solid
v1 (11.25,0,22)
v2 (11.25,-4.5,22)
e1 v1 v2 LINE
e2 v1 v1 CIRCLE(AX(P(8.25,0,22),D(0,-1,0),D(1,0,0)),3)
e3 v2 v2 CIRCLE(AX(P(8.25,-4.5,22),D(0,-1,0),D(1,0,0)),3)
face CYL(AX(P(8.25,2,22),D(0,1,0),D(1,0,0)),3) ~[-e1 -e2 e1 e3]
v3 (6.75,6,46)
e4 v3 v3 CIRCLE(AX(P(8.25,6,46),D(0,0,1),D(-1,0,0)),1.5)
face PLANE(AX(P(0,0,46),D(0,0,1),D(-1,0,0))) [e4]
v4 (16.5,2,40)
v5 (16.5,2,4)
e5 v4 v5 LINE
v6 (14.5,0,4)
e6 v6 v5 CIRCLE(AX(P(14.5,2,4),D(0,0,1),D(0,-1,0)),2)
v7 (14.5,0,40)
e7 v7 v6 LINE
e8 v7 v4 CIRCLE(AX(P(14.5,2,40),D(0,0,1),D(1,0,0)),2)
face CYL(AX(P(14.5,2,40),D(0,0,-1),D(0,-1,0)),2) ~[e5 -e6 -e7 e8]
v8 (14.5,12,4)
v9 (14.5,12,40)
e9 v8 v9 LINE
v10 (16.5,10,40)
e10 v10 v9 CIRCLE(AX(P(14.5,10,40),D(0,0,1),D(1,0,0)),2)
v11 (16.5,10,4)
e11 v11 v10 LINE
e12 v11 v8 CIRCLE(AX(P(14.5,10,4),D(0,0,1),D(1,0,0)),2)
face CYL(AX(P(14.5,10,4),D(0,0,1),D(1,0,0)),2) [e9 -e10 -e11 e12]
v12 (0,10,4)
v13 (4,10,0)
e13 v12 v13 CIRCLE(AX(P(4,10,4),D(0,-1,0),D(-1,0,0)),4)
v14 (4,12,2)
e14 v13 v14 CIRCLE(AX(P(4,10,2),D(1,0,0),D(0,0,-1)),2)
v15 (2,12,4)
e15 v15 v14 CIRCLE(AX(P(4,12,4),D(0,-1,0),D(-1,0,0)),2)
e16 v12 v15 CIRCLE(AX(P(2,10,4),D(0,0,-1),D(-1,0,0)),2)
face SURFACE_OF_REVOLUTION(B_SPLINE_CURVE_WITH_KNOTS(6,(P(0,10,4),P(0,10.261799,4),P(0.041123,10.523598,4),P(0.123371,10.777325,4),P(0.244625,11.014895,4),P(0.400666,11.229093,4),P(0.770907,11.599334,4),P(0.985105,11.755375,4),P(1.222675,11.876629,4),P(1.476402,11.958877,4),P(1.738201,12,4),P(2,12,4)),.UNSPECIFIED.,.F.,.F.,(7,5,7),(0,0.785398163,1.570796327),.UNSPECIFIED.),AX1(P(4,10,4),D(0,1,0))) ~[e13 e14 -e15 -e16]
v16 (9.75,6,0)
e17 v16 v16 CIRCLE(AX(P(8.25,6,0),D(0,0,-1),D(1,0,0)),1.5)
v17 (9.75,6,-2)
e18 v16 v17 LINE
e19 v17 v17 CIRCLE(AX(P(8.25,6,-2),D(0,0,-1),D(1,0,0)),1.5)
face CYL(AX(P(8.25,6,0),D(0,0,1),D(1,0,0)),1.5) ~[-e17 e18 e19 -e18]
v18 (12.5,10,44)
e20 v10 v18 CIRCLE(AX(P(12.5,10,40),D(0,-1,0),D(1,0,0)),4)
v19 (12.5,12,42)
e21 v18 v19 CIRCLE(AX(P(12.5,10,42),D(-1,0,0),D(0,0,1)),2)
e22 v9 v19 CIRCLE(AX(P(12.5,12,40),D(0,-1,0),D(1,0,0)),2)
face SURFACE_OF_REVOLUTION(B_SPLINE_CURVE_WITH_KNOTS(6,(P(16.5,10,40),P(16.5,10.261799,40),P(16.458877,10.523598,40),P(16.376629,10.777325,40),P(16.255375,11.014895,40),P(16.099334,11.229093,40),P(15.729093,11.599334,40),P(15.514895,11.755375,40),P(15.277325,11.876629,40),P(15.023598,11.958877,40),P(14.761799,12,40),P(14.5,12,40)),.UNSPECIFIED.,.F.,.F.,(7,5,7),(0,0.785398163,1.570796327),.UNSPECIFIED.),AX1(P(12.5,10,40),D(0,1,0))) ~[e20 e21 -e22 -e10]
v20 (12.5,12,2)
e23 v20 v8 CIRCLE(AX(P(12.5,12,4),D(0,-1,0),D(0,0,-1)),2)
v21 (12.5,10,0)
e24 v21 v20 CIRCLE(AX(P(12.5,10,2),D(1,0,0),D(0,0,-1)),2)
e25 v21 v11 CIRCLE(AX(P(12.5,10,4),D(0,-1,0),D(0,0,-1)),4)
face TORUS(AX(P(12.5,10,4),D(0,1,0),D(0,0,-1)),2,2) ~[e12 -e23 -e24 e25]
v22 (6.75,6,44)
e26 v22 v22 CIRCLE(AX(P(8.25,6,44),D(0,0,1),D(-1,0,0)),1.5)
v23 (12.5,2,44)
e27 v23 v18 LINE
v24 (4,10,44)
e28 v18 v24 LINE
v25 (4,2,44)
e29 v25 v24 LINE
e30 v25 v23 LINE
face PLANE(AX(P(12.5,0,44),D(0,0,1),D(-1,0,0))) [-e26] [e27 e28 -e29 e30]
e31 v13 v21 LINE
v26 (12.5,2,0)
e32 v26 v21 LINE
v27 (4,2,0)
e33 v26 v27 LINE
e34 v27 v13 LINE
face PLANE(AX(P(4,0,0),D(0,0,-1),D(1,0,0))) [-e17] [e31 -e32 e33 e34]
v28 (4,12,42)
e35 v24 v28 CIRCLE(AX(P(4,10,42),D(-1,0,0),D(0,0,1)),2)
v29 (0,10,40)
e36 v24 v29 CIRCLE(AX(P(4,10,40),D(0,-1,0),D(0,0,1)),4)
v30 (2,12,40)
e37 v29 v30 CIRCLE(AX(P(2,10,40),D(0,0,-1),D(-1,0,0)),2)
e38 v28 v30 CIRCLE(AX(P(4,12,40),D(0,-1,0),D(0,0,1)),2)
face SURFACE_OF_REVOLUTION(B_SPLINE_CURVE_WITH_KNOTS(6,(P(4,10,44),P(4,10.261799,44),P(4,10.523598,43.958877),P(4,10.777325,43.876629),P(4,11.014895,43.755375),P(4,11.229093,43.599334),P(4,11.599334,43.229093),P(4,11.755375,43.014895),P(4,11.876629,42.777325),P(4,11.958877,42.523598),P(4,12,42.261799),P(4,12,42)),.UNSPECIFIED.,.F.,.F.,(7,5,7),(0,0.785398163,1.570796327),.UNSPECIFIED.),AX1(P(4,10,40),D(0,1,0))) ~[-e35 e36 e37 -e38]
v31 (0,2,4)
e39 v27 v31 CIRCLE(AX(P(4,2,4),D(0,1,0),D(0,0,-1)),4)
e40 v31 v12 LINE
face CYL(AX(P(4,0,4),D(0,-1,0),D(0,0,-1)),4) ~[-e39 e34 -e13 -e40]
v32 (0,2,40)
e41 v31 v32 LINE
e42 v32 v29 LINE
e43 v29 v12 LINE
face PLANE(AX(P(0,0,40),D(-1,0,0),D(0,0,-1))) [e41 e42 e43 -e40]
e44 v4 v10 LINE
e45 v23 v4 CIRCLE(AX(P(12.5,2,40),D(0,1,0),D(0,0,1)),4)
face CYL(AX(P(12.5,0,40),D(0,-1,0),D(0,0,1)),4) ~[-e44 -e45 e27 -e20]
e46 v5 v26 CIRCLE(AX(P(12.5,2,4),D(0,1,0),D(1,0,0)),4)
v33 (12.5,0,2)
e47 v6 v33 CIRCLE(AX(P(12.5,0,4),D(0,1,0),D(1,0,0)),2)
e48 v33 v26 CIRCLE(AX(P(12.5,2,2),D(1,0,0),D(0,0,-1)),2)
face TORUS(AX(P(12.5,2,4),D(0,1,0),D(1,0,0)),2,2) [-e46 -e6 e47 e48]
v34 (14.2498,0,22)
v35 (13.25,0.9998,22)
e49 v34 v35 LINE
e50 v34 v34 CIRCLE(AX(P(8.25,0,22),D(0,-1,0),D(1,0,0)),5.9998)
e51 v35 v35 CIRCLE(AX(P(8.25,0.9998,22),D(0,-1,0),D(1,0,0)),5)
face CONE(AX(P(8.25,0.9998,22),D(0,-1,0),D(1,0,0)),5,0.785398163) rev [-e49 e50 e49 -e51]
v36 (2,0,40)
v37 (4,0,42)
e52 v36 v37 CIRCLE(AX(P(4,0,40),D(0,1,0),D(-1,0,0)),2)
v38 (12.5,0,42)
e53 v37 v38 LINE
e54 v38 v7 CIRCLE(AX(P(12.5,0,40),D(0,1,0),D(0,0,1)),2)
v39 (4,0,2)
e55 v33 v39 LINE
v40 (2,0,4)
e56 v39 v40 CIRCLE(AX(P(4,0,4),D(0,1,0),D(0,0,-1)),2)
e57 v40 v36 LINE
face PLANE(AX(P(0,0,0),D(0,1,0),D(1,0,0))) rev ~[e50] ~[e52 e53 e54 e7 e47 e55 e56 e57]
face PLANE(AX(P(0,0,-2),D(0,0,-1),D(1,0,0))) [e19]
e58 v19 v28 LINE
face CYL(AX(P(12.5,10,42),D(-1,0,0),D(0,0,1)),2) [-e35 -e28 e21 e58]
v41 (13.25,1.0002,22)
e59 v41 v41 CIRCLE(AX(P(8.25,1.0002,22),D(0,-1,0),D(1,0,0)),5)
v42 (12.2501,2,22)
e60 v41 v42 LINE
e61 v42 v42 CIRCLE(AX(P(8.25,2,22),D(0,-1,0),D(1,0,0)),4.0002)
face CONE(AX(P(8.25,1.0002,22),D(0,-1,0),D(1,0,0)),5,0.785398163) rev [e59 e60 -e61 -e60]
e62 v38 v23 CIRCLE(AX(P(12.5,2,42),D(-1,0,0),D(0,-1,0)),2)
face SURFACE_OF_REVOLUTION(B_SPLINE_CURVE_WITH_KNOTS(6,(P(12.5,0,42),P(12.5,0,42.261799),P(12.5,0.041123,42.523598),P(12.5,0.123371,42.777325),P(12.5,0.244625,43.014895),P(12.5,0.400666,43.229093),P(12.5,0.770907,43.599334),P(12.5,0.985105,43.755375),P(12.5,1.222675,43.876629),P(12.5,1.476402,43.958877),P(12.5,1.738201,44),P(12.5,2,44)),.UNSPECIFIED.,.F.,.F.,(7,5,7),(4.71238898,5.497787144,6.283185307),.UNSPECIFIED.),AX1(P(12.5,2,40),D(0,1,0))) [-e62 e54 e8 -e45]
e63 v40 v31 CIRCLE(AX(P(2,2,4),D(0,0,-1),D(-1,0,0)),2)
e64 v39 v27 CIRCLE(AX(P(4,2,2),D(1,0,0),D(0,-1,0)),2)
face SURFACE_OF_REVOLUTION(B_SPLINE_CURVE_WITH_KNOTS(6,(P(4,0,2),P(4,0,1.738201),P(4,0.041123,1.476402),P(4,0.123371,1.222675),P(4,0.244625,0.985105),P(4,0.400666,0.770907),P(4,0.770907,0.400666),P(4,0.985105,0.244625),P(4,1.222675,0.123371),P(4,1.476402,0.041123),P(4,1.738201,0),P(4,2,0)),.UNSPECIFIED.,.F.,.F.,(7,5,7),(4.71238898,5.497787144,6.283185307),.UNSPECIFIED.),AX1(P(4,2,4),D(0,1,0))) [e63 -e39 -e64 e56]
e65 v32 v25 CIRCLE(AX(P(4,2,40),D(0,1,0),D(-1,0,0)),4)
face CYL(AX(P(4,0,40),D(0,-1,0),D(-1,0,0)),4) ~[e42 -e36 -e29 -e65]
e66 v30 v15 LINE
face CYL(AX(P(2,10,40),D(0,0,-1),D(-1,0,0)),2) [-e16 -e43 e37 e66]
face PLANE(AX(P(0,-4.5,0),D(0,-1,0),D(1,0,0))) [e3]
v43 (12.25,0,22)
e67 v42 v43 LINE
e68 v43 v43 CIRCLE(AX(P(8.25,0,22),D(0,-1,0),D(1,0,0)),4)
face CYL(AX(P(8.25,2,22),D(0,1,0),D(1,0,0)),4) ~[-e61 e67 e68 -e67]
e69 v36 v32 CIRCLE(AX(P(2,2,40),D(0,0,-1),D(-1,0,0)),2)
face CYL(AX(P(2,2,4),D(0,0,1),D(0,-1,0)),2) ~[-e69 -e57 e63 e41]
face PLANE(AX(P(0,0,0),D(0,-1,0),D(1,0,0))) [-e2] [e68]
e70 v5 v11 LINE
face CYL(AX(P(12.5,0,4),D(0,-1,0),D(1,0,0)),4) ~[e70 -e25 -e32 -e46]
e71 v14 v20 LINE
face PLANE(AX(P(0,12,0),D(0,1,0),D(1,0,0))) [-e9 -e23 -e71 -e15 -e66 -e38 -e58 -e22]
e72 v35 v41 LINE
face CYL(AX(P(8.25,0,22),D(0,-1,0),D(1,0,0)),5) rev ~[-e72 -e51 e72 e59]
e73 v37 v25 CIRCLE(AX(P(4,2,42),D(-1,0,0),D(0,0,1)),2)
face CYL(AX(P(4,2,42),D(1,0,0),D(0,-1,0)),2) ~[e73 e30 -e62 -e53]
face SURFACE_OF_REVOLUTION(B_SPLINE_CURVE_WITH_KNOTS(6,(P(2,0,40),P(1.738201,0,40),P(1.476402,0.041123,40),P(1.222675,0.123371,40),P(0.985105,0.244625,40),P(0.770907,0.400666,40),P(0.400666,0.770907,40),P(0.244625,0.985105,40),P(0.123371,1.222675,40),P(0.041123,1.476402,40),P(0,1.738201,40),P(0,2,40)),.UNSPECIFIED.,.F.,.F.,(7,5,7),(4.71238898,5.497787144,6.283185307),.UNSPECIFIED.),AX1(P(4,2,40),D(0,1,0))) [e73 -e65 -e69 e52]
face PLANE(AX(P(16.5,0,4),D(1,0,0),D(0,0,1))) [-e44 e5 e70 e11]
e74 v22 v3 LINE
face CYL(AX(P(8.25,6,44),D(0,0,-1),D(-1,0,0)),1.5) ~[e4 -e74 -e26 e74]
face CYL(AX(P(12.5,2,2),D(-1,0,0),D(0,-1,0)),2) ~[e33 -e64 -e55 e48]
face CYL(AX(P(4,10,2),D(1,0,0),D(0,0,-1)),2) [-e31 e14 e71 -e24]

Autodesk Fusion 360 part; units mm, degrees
sketch "草图1" plane through (0, 0, 0) normal (0, 1, 0) x (1, 0, 0)
  line L0 (4, 0) -> (12.5, 0)
  line L1 (16.5, -4) -> (16.5, -40)
  line L2 (12.5, -44) -> (4, -44)
  line L3 (0, -40) -> (0, -4)
  arc A0 (0, -40) -> (4, -44) centre (4, -40) ccw
  arc A1 (12.5, -44) -> (16.5, -40) centre (12.5, -40) ccw
  arc A2 (16.5, -4) -> (12.5, 0) centre (12.5, -4) ccw
  arc A3 (4, 0) -> (0, -4) centre (4, -4) ccw
  point P0 (16.5, 0)
  point P1 (0, -44)
  dimension "d3" = 4
  dimension "d4" = 4
  dimension "d5" = 4
  dimension "d6" = 4
  dimension "d8" = 44
  dimension "d9" = 16.5
extrude "拉伸1" add sketch "草图1" along normal blind 12 makes body 1
fillet "圆角1" radius 2 8 edges at (16.5, 12, 22) (15.3284, 12, 1.1716) (8.25, 12, 0) (1.1716, 12, 1.1716) (0, 12, 22) (1.1716, 12, 42.8284) (8.25, 12, 44) (15.3284, 12, 42.8284) on bodies 1
fillet "圆角2" radius 2 8 edges at (1.1716, 0, 42.8284) (0, 0, 22) (1.1716, 0, 1.1716) (8.25, 0, 0) (15.3284, 0, 1.1716) (16.5, 0, 22) (15.3284, 0, 42.8284) (8.25, 0, 44) on bodies 1
sketch "草图2" plane through (0, 0, 0) normal (0, -1, 0) x (1, 0, 0)
  arc A0 (4, 42) -> (2, 40) centre (4, 40) ccw
  line L0 (2, 40) -> (2, 4)
  arc A1 (2, 4) -> (4, 2) centre (4, 4) ccw
  line L1 (4, 2) -> (12.5, 2)
  arc A2 (12.5, 2) -> (14.5, 4) centre (12.5, 4) ccw
  line L2 (14.5, 4) -> (14.5, 40)
  arc A3 (14.5, 40) -> (12.5, 42) centre (12.5, 40) ccw
  line L3 (12.5, 42) -> (4, 42)
  circle A4 centre (8.25, 22) radius 5
  dimension "d16" = 10
  dimension "d17" = 6.25
  dimension "d18" = 20
extrude "拉伸2" cut sketch "草图2" against normal blind 2 contours A4 bodies 1
chamfer "倒角1" distance 1 angle 45 1 faces at (13.2438, 1.3333, 21.7508) on bodies 1
sketch "草图3" plane through (0, 2, 0) normal (0, -1, 0) x (1, 0, 0)
  circle A0 centre (8.25, 22) radius 4
  circle A1 centre (8.25, 22) radius 4
  circle A2 centre (8.25, 22) radius 3
  dimension "d22" = 6
extrude "拉伸3" add sketch "草图3" along normal blind 2 bodies 1
extrude "拉伸4" add 1 faces at (7.75, 2, 22.9957) along direction (0, -1, 0) blind 6.5 on bodies 1 bodies 1
sketch "草图4" plane through (0, 0, 0) normal (0, 0, -1) x (1, 0, 0)
  line L0 (12.5, -2) -> (4, -2)
  line L1 (4, -2) -> (4, -10)
  line L2 (4, -10) -> (12.5, -10)
  line L3 (12.5, -10) -> (12.5, -2)
  circle A0 centre (8.25, -6) radius 1.5
  dimension "d27" = 3
  dimension "d29" = 4.25
  dimension "d30" = 4
extrude "拉伸5" add sketch "草图4" along normal blind 2 contours A0 bodies 1
sketch "草图5" plane through (0, 0, 44) normal (0, 0, 1) x (-1, 0, 0)
  line L0 (-4, -2) -> (-12.5, -2)
  line L1 (-12.5, -2) -> (-12.5, -10)
  line L2 (-12.5, -10) -> (-4, -10)
  line L3 (-4, -10) -> (-4, -2)
  circle A0 centre (-8.25, -6) radius 1.5
  dimension "d33" = 3
  dimension "d34" = 4
  dimension "d35" = 4.25
extrude "拉伸6" add sketch "草图5" along normal blind 2 contours A0 bodies 1
copy_body "实体->零部件1" bodies 1 removing the originals makes body 2 in component "Component'"
component "Component'" placed x (1, 0, 0) y (0, 1, 0) z (0, 0, 1) at (0, 0, 0)
